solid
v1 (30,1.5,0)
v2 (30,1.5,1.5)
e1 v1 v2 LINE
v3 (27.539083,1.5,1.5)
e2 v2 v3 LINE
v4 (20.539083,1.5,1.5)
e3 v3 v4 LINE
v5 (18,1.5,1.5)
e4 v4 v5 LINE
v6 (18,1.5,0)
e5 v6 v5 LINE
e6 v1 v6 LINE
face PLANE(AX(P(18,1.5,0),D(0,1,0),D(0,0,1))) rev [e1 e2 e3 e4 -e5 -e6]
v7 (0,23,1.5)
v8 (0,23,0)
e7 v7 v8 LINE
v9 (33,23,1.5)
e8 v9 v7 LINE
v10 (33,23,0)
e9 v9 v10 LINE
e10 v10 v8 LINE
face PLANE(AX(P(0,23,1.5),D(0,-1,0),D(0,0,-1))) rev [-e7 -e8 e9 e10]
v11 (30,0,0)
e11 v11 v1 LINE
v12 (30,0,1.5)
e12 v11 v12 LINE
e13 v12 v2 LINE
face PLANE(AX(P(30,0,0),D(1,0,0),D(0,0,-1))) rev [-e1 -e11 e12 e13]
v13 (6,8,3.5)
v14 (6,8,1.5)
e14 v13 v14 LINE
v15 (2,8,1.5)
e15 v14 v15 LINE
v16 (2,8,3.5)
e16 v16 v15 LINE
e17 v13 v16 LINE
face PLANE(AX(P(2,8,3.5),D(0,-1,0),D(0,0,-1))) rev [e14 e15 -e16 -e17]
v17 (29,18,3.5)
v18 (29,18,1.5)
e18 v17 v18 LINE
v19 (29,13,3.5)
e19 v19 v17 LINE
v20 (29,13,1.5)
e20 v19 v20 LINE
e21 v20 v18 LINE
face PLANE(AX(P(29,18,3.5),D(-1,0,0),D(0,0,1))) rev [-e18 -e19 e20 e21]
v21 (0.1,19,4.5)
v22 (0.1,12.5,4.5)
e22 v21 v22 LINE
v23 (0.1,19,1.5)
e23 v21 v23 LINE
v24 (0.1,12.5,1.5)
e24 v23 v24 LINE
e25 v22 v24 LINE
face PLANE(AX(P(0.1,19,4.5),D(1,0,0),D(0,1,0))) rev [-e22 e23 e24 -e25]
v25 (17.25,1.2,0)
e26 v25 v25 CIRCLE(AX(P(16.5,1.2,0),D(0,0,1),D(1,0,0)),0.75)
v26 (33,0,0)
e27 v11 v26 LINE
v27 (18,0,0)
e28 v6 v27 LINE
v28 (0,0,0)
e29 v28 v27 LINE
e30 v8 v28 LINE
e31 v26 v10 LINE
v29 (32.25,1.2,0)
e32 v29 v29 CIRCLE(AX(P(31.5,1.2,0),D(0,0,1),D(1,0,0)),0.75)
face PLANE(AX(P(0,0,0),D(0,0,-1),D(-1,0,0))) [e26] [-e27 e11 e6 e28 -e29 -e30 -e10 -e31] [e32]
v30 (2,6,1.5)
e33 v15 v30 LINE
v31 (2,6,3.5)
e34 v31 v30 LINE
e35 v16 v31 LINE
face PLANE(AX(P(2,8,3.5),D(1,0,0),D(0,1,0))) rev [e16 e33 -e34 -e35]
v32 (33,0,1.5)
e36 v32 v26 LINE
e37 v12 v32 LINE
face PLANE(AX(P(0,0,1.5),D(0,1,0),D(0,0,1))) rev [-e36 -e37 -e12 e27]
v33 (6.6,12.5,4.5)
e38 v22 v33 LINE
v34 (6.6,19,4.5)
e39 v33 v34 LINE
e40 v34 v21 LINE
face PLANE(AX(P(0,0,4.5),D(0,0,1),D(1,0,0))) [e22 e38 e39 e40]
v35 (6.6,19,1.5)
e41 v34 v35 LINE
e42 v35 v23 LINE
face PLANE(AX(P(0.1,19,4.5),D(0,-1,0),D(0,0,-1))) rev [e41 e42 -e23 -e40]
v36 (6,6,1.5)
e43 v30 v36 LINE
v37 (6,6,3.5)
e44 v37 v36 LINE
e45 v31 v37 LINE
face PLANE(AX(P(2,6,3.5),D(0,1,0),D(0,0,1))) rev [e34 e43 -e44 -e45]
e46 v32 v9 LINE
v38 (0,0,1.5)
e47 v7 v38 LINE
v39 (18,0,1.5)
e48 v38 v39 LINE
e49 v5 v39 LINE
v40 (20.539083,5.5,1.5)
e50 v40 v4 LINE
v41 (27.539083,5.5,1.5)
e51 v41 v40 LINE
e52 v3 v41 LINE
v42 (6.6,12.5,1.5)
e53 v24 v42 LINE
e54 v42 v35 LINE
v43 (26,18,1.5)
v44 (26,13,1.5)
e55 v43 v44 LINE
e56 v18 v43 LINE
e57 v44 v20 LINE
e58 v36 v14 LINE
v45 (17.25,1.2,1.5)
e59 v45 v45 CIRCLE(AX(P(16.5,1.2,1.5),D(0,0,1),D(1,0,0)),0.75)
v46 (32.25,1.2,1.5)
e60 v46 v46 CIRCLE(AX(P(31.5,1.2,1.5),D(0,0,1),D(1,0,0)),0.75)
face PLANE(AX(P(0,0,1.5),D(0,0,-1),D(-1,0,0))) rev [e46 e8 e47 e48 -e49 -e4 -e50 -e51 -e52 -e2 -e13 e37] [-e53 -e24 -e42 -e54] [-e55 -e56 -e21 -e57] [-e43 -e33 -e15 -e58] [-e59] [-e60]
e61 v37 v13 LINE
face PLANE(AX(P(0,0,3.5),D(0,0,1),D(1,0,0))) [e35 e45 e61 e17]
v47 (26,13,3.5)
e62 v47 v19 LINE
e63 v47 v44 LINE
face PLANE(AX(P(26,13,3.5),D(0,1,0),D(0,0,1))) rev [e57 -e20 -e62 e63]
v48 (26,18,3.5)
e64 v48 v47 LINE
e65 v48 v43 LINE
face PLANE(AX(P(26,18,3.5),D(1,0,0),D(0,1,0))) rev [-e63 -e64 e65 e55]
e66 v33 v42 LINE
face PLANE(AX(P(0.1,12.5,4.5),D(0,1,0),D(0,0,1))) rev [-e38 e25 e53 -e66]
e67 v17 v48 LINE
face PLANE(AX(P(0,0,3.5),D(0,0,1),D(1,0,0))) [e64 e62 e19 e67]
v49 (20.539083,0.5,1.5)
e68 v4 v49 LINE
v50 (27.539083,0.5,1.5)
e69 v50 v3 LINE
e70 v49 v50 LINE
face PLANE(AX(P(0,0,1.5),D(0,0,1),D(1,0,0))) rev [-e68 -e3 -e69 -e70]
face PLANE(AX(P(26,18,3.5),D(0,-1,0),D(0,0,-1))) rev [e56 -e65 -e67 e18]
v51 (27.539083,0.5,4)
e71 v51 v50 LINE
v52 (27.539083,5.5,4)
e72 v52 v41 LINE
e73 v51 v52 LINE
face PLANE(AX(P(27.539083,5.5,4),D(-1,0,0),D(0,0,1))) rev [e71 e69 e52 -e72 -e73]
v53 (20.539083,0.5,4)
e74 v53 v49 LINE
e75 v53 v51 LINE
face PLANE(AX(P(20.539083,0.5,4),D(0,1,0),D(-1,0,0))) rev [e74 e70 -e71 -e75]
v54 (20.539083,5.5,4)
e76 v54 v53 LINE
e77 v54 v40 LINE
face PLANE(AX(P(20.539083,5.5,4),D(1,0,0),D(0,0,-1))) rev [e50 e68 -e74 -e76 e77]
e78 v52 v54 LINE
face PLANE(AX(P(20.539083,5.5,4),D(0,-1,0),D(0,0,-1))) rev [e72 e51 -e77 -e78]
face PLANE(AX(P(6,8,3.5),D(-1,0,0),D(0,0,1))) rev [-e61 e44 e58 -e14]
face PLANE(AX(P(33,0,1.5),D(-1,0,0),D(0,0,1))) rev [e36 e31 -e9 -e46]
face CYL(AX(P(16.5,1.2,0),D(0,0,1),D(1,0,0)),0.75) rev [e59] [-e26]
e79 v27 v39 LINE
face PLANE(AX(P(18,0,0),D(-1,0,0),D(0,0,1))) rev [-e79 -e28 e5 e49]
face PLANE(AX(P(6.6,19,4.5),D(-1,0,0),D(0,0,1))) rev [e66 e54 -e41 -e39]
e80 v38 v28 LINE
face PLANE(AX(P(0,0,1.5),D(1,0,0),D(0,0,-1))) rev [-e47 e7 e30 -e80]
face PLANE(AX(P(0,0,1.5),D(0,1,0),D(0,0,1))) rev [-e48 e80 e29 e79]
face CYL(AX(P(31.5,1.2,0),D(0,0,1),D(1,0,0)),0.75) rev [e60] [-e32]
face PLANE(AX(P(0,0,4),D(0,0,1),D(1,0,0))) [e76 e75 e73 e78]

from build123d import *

# Parameters (mm, degrees)
SKETCH_1_W          = 33
SKETCH_1_H          = 23
EXTRUDE_1_DEPTH     = 1.5
SKETCH_2_W          = 12
SKETCH_2_H          = 1.5
CUT_EXTRUDE_1_DEPTH = 41.252329125
SKETCH_3_R          = 0.75
CUT_EXTRUDE_2_DEPTH = 41.252329125
SKETCH_4_W          = 4
SKETCH_4_H          = 2
EXTRUDE_2_DEPTH     = 2
SKETCH_5_W          = 3
SKETCH_5_H          = 5
EXTRUDE_3_DEPTH     = 2
SKETCH_6_W          = 6.5
SKETCH_6_H          = 6.5
EXTRUDE_4_DEPTH     = 3
SKETCH_7_W          = 7
SKETCH_7_H          = 5
EXTRUDE_5_DEPTH     = 2.5


with BuildPart() as part:
    # 草图1 → 凸台-拉伸1 (new body)
    with BuildSketch(Plane.XY):
        with Locations((16.5, 11.5)):
            Rectangle(SKETCH_1_W, SKETCH_1_H)
    extrude(amount=EXTRUDE_1_DEPTH)

    # 草图2 → 切除-拉伸1 (cut, through all)
    with BuildSketch(Plane.XY.offset(1.5)):
        with Locations((24, 0.75)):
            Rectangle(SKETCH_2_W, SKETCH_2_H)
    extrude(amount=-CUT_EXTRUDE_1_DEPTH, mode=Mode.SUBTRACT)

    # 草图3 → 切除-拉伸2 (cut, through all)
    with BuildSketch(Plane.XY.offset(1.5)):
        with Locations((31.5, 1.2)):
            Circle(SKETCH_3_R)
        with Locations((16.5, 1.2)):
            Circle(SKETCH_3_R)
    extrude(amount=-CUT_EXTRUDE_2_DEPTH, mode=Mode.SUBTRACT)

    # 草图4 → 凸台-拉伸2 (add)
    with BuildSketch(Plane.XY.offset(1.5)):
        with Locations((4, 7)):
            Rectangle(SKETCH_4_W, SKETCH_4_H)
    extrude(amount=EXTRUDE_2_DEPTH)

    # 草图5 → 凸台-拉伸3 (add)
    with BuildSketch(Plane.XY.offset(1.5)):
        with Locations((27.5, 15.5)):
            Rectangle(SKETCH_5_W, SKETCH_5_H)
    extrude(amount=EXTRUDE_3_DEPTH)

    # 草图6 → 凸台-拉伸4 (add)
    with BuildSketch(Plane.XY.offset(1.5)):
        with Locations((3.35, 15.75)):
            Rectangle(SKETCH_6_W, SKETCH_6_H)
    extrude(amount=EXTRUDE_4_DEPTH)

    # 草图7 → 凸台-拉伸5 (add)
    with BuildSketch(Plane.XY.offset(1.5)):
        with Locations((24.039083368, 3)):
            Rectangle(SKETCH_7_W, SKETCH_7_H)
    extrude(amount=EXTRUDE_5_DEPTH)


solid = part.part
